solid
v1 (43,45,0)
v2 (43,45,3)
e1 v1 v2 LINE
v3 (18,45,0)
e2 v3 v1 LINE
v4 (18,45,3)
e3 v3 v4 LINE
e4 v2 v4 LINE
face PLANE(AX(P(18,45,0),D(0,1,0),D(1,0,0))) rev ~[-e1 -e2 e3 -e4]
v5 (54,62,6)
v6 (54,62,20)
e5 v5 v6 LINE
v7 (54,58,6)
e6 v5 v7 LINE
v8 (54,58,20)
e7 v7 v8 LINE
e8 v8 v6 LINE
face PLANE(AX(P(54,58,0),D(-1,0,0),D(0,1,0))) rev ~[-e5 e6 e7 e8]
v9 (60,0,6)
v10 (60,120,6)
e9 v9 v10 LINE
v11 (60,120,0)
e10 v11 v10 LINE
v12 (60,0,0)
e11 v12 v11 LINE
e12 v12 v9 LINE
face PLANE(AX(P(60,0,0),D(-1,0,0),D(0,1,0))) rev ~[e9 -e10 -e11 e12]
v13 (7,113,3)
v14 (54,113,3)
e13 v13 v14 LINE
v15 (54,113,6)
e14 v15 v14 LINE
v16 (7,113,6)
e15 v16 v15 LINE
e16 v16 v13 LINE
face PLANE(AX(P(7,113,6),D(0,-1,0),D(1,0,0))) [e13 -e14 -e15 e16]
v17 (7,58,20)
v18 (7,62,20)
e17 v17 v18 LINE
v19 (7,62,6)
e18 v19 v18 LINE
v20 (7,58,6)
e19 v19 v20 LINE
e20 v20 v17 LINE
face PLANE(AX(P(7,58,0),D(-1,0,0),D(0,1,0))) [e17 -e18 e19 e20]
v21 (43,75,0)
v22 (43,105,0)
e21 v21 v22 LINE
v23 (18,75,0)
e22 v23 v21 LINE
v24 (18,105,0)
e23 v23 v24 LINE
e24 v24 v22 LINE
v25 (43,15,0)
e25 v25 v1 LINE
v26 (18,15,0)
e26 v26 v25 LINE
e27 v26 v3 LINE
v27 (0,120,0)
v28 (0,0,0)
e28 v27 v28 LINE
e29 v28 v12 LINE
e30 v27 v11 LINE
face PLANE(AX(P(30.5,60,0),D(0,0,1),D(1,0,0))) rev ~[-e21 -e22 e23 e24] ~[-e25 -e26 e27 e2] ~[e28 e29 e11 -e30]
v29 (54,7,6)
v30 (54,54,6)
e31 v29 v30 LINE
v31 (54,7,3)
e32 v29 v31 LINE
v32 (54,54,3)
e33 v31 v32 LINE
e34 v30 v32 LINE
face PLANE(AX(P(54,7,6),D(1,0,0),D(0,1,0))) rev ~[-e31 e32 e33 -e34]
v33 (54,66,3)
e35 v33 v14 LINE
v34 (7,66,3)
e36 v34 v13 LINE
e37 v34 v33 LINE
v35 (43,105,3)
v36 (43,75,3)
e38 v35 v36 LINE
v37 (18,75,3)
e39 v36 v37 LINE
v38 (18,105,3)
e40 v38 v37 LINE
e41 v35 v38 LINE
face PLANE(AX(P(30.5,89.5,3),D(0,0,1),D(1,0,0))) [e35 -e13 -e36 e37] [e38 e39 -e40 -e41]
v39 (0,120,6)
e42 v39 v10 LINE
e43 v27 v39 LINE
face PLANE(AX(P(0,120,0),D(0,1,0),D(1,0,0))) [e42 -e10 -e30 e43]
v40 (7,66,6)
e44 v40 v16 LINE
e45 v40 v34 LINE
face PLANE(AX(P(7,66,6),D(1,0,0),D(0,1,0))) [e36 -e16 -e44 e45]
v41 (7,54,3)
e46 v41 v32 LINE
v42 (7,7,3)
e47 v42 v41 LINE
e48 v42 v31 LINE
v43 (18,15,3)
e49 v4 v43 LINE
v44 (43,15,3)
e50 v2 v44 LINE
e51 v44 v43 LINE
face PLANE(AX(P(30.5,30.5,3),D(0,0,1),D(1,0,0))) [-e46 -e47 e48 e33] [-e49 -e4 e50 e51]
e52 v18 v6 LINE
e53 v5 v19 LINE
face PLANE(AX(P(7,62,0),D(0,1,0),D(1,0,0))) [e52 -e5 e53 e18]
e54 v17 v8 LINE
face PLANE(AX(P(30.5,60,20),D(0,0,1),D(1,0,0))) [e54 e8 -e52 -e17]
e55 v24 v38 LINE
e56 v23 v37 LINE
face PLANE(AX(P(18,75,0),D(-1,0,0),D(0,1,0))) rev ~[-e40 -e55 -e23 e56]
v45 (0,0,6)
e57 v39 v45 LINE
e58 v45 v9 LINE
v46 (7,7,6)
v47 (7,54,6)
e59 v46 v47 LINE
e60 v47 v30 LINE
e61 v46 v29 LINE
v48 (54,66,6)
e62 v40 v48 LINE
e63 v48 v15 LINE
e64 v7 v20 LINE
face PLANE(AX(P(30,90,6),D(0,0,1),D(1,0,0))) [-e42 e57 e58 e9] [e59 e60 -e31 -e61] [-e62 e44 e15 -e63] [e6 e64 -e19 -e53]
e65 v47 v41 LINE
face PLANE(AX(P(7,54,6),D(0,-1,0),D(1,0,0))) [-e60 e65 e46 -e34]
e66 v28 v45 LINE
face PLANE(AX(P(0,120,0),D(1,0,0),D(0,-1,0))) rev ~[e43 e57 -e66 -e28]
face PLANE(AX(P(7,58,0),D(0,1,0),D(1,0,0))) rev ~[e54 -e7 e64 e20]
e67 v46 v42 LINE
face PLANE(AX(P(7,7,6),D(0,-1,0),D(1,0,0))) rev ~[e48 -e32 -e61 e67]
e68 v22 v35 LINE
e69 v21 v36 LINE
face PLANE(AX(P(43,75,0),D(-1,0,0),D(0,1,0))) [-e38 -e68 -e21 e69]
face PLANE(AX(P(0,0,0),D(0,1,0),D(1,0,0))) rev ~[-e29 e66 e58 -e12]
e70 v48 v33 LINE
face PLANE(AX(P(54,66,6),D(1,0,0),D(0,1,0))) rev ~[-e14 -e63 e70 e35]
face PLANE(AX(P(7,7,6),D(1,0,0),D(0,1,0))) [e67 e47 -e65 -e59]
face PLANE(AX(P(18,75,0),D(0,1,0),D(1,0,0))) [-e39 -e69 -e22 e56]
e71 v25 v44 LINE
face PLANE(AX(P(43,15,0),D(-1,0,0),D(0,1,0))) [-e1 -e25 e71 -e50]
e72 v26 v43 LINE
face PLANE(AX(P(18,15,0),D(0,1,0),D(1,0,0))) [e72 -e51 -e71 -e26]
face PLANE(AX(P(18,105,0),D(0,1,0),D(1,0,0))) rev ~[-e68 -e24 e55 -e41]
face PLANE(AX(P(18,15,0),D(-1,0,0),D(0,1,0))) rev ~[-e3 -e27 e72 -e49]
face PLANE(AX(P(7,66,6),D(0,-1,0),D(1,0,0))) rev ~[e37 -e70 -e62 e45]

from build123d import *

# Parameters (mm, degrees)
F0_W     = 60
F0_H     = 60
F1_DEPTH = 6
F2_W     = 47
F2_H     = 47
F3_DEPTH = 3
F4_W     = 47
F4_H     = 4
F5_DEPTH = 20
F6_W     = 25
F6_H     = 30
F7_DEPTH = 25


with BuildPart() as f1:
    # F0 (on Top) → F1 (new body)
    with BuildSketch(Plane.XY):
        with Locations((30, 90)):
            Rectangle(F0_W, F0_H)
        with Locations((30, 30)):
            Rectangle(F0_W, F0_H)
    extrude(amount=F1_DEPTH)

    # F2 (on face) → F3 (cut)
    with BuildSketch(Plane.XY.offset(6)):
        with Locations((30.5, 89.5)):
            Rectangle(F2_W, F2_H)
        with Locations((30.5, 30.5)):
            Rectangle(F2_W, F2_H)
    extrude(amount=-F3_DEPTH, mode=Mode.SUBTRACT)

    # F4 (on Top) → F5 (join)
    with BuildSketch(Plane.XY):
        with Locations((30.5, 60)):
            Rectangle(F4_W, F4_H)
    extrude(amount=F5_DEPTH)

    # F6 (on Top) → F7 (cut)
    with BuildSketch(Plane.XY):
        with Locations((30.5, 30)):
            Rectangle(F6_W, F6_H)
        with Locations((30.5, 90)):
            Rectangle(F6_W, F6_H)
    extrude(amount=F7_DEPTH, mode=Mode.SUBTRACT)


solid = f1.part
